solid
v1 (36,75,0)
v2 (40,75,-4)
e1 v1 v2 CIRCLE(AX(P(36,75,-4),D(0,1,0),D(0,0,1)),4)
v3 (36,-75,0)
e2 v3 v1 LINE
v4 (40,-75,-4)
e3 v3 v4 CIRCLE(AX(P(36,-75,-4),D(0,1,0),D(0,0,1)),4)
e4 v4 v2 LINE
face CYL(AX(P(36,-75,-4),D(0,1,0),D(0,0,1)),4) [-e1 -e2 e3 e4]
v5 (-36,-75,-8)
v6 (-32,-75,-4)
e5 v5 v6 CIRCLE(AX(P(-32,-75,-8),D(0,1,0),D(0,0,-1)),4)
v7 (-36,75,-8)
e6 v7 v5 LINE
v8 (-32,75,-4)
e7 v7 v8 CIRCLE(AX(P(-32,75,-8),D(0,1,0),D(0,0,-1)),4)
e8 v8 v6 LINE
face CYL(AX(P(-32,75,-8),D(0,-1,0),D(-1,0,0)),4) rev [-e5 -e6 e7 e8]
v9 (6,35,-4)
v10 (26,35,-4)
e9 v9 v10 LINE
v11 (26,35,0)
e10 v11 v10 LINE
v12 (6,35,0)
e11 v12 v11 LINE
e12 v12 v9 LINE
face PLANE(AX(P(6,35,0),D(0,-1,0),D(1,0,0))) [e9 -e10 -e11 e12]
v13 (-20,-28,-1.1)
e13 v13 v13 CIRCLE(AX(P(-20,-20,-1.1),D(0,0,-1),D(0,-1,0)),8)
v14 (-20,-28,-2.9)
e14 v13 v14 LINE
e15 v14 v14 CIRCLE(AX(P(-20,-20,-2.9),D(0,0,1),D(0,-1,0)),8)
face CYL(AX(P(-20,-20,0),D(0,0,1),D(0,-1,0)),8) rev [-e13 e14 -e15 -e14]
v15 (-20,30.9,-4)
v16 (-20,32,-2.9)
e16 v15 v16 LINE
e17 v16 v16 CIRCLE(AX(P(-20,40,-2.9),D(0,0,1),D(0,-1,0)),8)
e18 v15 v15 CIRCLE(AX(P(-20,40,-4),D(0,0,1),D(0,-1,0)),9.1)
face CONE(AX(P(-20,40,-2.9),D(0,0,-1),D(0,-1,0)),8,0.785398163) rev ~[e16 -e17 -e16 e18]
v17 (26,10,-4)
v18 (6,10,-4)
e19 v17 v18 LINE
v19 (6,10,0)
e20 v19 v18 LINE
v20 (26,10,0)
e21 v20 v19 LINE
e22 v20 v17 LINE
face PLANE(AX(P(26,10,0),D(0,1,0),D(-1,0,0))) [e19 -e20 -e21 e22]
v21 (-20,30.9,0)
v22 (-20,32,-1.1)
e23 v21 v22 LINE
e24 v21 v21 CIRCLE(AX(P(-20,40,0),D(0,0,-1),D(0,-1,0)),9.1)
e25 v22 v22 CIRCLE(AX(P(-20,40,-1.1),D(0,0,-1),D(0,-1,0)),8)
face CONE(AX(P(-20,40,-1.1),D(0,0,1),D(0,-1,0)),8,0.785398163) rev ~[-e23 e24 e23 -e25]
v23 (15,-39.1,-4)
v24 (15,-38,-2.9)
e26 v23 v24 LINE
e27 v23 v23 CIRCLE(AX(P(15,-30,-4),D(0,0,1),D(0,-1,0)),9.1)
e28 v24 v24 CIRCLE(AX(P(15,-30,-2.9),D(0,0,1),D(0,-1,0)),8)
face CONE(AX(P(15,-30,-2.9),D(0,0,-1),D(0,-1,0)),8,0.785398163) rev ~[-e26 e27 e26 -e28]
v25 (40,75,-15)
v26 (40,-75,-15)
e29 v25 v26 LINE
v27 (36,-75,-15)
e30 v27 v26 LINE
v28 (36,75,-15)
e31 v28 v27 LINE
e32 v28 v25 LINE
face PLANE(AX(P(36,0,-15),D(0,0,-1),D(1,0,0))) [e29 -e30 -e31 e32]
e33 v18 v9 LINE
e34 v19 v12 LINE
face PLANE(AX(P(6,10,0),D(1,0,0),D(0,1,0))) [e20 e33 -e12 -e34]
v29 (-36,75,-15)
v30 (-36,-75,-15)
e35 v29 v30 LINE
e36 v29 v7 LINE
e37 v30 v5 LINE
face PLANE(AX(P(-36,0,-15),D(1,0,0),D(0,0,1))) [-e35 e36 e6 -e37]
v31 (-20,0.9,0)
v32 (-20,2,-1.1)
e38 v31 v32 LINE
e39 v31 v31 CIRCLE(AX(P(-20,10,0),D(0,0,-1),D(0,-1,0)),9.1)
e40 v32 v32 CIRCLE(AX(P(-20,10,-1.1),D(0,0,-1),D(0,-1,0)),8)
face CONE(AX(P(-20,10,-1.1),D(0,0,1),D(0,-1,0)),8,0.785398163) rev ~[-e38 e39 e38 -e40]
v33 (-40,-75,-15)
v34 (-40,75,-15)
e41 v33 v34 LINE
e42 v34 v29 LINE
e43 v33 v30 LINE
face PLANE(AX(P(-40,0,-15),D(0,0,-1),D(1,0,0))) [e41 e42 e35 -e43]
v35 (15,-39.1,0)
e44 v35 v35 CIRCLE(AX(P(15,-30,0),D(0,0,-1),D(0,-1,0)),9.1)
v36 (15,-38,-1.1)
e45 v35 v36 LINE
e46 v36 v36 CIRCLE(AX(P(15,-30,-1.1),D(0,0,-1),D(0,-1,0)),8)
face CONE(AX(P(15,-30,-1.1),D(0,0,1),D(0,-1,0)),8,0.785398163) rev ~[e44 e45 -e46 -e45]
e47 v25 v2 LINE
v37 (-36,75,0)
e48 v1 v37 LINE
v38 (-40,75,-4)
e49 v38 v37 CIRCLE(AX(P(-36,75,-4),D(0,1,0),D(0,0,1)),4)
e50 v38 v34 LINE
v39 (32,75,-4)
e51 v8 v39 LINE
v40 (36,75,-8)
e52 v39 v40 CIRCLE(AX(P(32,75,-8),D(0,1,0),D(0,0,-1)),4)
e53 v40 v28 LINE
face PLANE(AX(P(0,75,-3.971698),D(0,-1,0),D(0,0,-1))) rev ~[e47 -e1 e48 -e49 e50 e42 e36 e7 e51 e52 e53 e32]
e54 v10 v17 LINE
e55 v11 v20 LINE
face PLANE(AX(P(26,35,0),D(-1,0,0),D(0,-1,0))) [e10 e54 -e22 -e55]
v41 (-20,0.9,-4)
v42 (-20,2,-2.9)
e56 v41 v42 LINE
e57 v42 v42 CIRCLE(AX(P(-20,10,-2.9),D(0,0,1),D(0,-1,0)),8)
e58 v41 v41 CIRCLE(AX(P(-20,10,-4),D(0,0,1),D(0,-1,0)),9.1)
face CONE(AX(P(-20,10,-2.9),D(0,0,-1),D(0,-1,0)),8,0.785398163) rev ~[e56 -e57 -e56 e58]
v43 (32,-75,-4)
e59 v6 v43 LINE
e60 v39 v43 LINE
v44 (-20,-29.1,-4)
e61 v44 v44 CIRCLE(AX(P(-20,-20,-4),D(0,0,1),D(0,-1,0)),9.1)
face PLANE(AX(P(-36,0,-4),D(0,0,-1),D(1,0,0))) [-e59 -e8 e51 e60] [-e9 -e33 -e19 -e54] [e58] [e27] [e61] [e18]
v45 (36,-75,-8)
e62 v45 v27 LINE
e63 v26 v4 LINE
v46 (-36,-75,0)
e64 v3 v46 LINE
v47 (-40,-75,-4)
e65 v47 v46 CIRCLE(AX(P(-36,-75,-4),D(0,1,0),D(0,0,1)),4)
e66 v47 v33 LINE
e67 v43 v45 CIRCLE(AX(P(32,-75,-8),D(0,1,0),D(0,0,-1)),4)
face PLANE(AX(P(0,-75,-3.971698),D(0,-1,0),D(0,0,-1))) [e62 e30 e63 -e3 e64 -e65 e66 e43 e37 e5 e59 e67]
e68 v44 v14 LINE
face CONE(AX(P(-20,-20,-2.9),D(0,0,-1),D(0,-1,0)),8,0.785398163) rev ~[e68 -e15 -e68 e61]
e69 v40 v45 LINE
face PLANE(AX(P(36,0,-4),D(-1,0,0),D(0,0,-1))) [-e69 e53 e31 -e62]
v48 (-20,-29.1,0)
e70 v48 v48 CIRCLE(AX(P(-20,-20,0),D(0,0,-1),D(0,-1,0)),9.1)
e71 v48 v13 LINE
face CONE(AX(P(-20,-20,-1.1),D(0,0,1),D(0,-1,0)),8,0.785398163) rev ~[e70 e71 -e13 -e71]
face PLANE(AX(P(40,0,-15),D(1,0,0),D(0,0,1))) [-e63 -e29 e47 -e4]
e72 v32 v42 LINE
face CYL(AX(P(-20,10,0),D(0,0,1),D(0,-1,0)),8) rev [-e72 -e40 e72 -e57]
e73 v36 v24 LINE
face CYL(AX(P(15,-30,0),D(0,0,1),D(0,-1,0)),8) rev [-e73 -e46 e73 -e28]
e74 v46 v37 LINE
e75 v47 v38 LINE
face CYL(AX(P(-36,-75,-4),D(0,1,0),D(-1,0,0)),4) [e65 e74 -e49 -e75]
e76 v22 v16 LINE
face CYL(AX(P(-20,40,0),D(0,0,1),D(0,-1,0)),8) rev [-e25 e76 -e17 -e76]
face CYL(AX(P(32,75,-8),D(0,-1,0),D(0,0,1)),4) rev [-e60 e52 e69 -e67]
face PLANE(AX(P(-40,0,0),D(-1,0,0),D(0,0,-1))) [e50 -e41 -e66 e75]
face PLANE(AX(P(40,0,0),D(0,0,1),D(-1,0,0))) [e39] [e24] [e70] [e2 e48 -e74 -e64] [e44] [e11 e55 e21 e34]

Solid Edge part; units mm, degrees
sketch "Sketch1" plane through (0, 0, 0) normal (0, -1, 0) x (1, 0, 0)
  line L0 (-40, -15) -> (-36, -15)
  line L1 (-36, -15) -> (-36, -4)
  line L2 (-36, -4) -> (36, -4)
  line L3 (36, -4) -> (36, -15)
  line L4 (36, -15) -> (40, -15)
  line L5 (40, -15) -> (40, 0)
  line L6 (40, 0) -> (-40, 0)
  line L7 (-40, 0) -> (-40, -15)
  dimension "D1" = 80
  dimension "D2" = 4
  dimension "D3" = 15
  dimension "D4" = 4
extrude "v_1_body" add sketch "Sketch1" against normal blind 75 and the other way blind 75
fillet "v_1_side_rounds" radius 4 4 edges at (36, 0, -4) (-36, 0, -4) (40, 0, 0) (-40, 0, 0)
hole "Hole1" at (-20, 40, 0) direction (0, 0, -1) diameter 16 end up to next start chamfer 1.1 start chamfer angle 45 end chamfer 1.1 end chamfer angle 45
hole "Hole2" at (-20, 10, 0) direction (0, 0, -1) diameter 16 end up to next start chamfer 1.1 start chamfer angle 45 end chamfer 1.1 end chamfer angle 45
hole "Hole3" at (-20, -20, 0) direction (0, 0, -1) diameter 16 end up to next start chamfer 1.1 start chamfer angle 45 end chamfer 1.1 end chamfer angle 45
hole "Hole4" at (15, -30, 0) direction (0, 0, -1) diameter 16 end up to next start chamfer 1.1 start chamfer angle 45 end chamfer 1.1 end chamfer angle 45
sketch "Sketch2" plane through (0, 0, 0) normal (0, 0, 1) x (1, 0, 0)
  line L0 (6, 35) -> (26, 35)
  line L1 (26, 35) -> (26, 10)
  line L2 (26, 10) -> (6, 10)
  line L3 (6, 10) -> (6, 35)
extrude "Cutout1" cut sketch "Sketch2" against normal up to next
extrude "v_1_ult_cap_bearing_bodies" [suppressed]
fillet "v_1_ult_cap_bearing_counds" [suppressed]
hole "v_1_ult_cap_hole" [suppressed]
properties material "Polypropylene, general purpose"
